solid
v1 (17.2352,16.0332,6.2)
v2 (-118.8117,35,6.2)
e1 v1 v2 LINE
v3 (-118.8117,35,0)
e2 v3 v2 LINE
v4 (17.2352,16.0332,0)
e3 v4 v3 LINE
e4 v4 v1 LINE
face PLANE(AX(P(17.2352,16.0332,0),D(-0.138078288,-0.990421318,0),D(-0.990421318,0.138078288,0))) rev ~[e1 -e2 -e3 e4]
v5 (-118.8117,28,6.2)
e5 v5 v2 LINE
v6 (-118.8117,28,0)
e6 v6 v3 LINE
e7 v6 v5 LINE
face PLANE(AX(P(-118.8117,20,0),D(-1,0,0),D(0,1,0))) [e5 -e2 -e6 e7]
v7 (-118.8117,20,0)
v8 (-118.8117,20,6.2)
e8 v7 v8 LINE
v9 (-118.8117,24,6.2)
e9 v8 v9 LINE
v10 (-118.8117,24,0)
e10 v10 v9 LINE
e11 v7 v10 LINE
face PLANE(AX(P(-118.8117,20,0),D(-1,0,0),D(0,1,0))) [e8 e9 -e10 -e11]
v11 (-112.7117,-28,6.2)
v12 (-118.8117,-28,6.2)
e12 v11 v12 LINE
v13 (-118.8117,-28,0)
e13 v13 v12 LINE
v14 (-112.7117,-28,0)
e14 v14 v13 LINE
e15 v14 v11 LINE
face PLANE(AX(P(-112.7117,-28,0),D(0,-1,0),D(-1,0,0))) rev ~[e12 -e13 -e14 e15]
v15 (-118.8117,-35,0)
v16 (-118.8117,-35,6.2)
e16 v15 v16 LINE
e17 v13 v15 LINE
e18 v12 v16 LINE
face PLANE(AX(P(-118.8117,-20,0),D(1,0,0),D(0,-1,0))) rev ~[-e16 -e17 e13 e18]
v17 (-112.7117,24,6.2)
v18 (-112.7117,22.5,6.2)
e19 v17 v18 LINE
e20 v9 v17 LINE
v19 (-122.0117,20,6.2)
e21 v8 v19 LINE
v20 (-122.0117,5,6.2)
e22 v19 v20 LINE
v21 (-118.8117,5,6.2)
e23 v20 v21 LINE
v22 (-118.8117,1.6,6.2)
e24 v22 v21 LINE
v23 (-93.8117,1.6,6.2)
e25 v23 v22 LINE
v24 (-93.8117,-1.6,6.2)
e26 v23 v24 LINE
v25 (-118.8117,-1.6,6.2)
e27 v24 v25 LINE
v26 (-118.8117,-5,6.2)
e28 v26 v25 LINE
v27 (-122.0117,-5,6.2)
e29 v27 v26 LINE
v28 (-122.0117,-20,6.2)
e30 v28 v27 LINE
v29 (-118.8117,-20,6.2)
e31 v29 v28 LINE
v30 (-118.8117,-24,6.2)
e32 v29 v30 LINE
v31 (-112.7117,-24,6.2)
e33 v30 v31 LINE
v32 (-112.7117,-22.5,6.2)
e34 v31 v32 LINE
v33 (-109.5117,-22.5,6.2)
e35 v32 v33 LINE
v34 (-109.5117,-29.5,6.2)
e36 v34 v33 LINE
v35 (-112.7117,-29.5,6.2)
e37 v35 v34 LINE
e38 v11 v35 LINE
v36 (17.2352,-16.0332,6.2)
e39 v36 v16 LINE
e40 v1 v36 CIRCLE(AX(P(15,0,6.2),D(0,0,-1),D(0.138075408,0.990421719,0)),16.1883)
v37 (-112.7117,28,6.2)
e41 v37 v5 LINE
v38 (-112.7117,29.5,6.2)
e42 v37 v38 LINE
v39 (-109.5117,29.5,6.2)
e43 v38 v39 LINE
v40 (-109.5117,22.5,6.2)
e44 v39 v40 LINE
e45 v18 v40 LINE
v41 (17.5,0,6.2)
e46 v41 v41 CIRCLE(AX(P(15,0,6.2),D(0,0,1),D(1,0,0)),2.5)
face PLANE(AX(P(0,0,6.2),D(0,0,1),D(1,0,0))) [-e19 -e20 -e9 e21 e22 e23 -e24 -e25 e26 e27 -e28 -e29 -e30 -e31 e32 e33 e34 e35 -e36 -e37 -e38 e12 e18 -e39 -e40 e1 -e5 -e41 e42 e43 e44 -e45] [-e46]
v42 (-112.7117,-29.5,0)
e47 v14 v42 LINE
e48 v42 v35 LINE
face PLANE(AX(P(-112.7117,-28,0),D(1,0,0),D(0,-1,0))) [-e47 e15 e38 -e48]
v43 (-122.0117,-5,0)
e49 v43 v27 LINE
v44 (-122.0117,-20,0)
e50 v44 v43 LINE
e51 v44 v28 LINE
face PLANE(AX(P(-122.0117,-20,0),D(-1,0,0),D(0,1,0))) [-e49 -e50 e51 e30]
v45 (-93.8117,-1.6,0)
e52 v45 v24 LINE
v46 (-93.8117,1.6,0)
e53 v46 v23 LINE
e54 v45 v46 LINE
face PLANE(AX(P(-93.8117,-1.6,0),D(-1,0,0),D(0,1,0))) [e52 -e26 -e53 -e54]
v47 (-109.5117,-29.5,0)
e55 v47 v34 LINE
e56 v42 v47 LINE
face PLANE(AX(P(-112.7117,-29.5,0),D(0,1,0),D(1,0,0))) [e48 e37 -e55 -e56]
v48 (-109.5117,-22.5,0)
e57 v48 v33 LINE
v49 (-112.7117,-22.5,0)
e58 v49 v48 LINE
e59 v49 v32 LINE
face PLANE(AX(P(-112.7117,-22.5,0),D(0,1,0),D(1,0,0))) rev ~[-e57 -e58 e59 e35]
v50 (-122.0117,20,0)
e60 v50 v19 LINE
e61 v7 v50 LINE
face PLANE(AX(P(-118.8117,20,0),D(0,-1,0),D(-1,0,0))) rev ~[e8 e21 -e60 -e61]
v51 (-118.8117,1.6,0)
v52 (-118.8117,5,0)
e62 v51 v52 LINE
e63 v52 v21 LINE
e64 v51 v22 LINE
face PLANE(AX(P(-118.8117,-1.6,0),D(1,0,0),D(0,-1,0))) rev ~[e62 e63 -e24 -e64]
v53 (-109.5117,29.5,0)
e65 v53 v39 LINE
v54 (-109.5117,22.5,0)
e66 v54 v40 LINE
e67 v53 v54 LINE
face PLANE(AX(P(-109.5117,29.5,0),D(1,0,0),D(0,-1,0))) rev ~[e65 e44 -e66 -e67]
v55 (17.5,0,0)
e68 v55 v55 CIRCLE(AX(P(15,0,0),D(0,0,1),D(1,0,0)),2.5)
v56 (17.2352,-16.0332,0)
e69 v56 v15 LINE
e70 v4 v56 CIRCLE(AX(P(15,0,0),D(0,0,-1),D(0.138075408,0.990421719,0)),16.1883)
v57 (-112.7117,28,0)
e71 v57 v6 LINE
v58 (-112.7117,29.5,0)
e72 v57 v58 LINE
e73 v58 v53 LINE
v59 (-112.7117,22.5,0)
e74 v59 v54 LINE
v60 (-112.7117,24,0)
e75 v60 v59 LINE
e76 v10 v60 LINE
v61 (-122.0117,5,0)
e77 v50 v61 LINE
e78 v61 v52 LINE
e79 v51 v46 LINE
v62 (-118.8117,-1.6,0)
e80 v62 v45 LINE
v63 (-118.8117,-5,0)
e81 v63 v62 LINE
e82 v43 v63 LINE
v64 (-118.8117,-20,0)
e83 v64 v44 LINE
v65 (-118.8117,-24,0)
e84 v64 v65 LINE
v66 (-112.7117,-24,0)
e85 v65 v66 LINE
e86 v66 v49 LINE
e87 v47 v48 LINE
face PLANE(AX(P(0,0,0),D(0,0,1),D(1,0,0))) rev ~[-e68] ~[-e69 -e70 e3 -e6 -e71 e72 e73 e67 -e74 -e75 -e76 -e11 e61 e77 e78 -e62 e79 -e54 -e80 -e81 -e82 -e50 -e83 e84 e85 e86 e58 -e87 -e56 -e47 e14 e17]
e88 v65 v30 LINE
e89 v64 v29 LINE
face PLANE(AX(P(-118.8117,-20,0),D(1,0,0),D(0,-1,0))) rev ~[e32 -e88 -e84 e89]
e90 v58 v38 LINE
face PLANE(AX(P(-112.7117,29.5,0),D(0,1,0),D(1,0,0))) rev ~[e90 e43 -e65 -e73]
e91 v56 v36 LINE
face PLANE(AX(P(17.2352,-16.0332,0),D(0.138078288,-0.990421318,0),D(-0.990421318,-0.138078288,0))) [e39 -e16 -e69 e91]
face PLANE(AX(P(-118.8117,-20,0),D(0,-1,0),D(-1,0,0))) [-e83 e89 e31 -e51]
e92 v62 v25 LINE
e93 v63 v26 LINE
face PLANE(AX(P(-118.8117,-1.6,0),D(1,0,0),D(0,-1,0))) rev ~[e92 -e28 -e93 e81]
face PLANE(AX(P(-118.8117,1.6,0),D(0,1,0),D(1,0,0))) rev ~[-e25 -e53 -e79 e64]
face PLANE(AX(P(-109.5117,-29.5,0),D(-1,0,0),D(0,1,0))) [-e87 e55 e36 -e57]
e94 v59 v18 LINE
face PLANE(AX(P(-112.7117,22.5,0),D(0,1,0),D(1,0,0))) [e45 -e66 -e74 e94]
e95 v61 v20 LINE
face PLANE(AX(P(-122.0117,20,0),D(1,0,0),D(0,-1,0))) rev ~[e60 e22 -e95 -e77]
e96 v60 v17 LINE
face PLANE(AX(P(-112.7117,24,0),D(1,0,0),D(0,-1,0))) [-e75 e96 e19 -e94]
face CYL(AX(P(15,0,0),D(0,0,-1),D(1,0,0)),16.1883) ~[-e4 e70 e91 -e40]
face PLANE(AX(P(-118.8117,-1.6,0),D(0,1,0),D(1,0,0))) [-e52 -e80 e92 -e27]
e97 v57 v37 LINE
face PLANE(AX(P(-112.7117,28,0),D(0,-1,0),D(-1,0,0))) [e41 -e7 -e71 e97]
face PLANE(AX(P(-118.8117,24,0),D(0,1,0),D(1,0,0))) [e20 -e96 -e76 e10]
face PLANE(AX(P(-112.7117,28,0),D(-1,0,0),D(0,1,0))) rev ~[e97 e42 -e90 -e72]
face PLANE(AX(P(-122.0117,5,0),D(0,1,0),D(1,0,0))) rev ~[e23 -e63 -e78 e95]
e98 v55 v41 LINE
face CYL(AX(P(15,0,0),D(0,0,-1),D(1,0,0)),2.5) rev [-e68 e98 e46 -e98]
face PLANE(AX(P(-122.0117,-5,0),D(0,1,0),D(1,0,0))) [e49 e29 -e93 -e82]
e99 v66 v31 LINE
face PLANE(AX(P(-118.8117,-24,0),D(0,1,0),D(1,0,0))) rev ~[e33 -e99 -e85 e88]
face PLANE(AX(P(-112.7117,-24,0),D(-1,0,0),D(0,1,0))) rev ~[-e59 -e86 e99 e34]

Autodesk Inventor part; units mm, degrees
ref_plane "YZ Plane" through (0, 0, 0) normal (1, 0, 0) x (0, 1, 0)
ref_plane "XZ Plane" through (0, 0, 0) normal (0, 1, 0) x (-1, 0, 0)
ref_plane "XY Plane" through (0, 0, 0) normal (0, 0, 1) x (1, 0, 0)
sketch "Sketch2" plane through (0, 0, 0) normal (0, 0, 1) x (1, 0, 0)
  arc A0 (9.9386, -9.7664) -> (20.0614, -9.7664) centre (15, 0) ccw
  arc A1 (20.9272, -9.2665) -> (25.9886, -0.4999) centre (15, 0) ccw
  arc A2 (25.9886, 0.4999) -> (20.9272, 9.2665) centre (15, 0) ccw
  arc A3 (20.0614, 9.7664) -> (9.9386, 9.7664) centre (15, 0) ccw
  arc A4 (9.0728, 9.2665) -> (4.0114, 0.4999) centre (15, 0) ccw
  arc A5 (4.0114, -0.4999) -> (9.0728, -9.2665) centre (15, 0) ccw
  circle A6 centre (15, 0) radius 2.5
  arc A7 (0, -3) -> (12, -15) centre (12, -3) ccw
  circle A8 centre (15, 0) radius 16.1883
  line L0 (31.1883, 0) -> (-118.8117, 0) construction
  line L1 (-118.8117, 0) -> (-118.8117, 35)
  line L2 (17.2352, 16.0332) -> (-118.8117, 35)
  line L3 (-118.8117, 0) -> (-118.8117, -35)
  line L4 (17.2352, -16.0332) -> (-118.8117, -35)
  line L5 (-118.8117, -20) -> (-122.0117, -20)
  line L6 (-122.0117, -20) -> (-122.0117, -5)
  line L7 (-122.0117, -5) -> (-118.8117, -5)
  line L8 (-118.8117, 20) -> (-122.0117, 20)
  line L9 (-122.0117, 20) -> (-122.0117, 5)
  line L10 (-122.0117, 5) -> (-118.8117, 5)
  line L11 (-118.8117, 0) -> (-118.8117, 1.6)
  line L12 (-118.8117, 1.6) -> (-93.8117, 1.6)
  line L13 (-118.8117, 0) -> (-118.8117, -1.6)
  line L14 (-118.8117, -1.6) -> (-93.8117, -1.6)
  line L15 (-93.8117, -1.6) -> (-93.8117, 1.6)
  point P0 (0, 0)
  point P1 (5.2336, -12.9104)
  point P2 (2.0896, -9.7664)
  point P3 (-118.8117, 5)
  point P4 (-118.8117, 20)
extrude "Extrusion1" add sketch "Sketch2" along normal blind 6.2
sketch "Sketch4" plane through (0, 0, 0) normal (0, 0, -1) x (-1, 0, 0)
  line L0 (93.8117, -1.6) -> (93.8117, 1.6) projected
  line L1 (118.8117, 1.6) -> (93.8117, 1.6) projected
  line L2 (118.8117, -1.6) -> (93.8117, -1.6) projected
  line L3 (118.8117, 5) -> (118.8117, -5) projected
  line L4 (118.8117, 0) -> (118.8117, -35) projected
  point P0 (0, 0)
extrude "Extrusion2" cut sketch "Sketch4" against normal blind 10
sketch "Sketch5" plane through (0, 0, 0) normal (0, 0, -1) x (-1, 0, 0)
  line L0 (118.8117, -111.6) -> (118.8117, 288.4) projected
  line L1 (118.8117, -20) -> (118.8117, -35) projected
  line L2 (118.8117, -24) -> (112.7117, -24)
  line L3 (112.7117, -24) -> (112.7117, -28)
  line L4 (112.7117, -28) -> (118.8117, -28)
  line L5 (118.8117, -28) -> (118.8117, -24)
  line L6 (112.7117, -26) -> (112.7117, -22.5)
  line L7 (112.7117, -22.5) -> (109.5117, -22.5)
  line L8 (112.7117, -26) -> (114.7394, -26) construction
  line L9 (112.7117, -26) -> (112.7117, -29.5)
  line L10 (112.7117, -29.5) -> (109.5117, -29.5)
  line L11 (109.5117, -29.5) -> (109.5117, -22.5)
  line L12 (93.8117, -1.6) -> (93.8117, 1.6) projected
  line L13 (93.8117, 0) -> (109.9488, 0) construction
  line L14 (118.8117, 111.6) -> (118.8117, -288.4)
  line L15 (118.8117, 20) -> (118.8117, 35)
  line L16 (118.8117, 24) -> (112.7117, 24)
  line L17 (112.7117, 28) -> (118.8117, 28)
  line L18 (112.7117, 26) -> (112.7117, 22.5)
  line L19 (112.7117, 22.5) -> (109.5117, 22.5)
  line L20 (112.7117, 26) -> (112.7117, 29.5)
  line L21 (112.7117, 29.5) -> (109.5117, 29.5)
  line L22 (109.5117, 29.5) -> (109.5117, 22.5)
  point P0 (0, 0)
  point P1 (112.7117, 24)
  point P2 (112.7117, -24)
  dimension "d14" = 6.1
  dimension "d15" = 4
  dimension "d16" = 7
  dimension "d17" = 3.5
  dimension "d18" = 3.2
extrude "Extrusion3" cut sketch "Sketch5" against normal blind 6.2
properties part number "Base"
